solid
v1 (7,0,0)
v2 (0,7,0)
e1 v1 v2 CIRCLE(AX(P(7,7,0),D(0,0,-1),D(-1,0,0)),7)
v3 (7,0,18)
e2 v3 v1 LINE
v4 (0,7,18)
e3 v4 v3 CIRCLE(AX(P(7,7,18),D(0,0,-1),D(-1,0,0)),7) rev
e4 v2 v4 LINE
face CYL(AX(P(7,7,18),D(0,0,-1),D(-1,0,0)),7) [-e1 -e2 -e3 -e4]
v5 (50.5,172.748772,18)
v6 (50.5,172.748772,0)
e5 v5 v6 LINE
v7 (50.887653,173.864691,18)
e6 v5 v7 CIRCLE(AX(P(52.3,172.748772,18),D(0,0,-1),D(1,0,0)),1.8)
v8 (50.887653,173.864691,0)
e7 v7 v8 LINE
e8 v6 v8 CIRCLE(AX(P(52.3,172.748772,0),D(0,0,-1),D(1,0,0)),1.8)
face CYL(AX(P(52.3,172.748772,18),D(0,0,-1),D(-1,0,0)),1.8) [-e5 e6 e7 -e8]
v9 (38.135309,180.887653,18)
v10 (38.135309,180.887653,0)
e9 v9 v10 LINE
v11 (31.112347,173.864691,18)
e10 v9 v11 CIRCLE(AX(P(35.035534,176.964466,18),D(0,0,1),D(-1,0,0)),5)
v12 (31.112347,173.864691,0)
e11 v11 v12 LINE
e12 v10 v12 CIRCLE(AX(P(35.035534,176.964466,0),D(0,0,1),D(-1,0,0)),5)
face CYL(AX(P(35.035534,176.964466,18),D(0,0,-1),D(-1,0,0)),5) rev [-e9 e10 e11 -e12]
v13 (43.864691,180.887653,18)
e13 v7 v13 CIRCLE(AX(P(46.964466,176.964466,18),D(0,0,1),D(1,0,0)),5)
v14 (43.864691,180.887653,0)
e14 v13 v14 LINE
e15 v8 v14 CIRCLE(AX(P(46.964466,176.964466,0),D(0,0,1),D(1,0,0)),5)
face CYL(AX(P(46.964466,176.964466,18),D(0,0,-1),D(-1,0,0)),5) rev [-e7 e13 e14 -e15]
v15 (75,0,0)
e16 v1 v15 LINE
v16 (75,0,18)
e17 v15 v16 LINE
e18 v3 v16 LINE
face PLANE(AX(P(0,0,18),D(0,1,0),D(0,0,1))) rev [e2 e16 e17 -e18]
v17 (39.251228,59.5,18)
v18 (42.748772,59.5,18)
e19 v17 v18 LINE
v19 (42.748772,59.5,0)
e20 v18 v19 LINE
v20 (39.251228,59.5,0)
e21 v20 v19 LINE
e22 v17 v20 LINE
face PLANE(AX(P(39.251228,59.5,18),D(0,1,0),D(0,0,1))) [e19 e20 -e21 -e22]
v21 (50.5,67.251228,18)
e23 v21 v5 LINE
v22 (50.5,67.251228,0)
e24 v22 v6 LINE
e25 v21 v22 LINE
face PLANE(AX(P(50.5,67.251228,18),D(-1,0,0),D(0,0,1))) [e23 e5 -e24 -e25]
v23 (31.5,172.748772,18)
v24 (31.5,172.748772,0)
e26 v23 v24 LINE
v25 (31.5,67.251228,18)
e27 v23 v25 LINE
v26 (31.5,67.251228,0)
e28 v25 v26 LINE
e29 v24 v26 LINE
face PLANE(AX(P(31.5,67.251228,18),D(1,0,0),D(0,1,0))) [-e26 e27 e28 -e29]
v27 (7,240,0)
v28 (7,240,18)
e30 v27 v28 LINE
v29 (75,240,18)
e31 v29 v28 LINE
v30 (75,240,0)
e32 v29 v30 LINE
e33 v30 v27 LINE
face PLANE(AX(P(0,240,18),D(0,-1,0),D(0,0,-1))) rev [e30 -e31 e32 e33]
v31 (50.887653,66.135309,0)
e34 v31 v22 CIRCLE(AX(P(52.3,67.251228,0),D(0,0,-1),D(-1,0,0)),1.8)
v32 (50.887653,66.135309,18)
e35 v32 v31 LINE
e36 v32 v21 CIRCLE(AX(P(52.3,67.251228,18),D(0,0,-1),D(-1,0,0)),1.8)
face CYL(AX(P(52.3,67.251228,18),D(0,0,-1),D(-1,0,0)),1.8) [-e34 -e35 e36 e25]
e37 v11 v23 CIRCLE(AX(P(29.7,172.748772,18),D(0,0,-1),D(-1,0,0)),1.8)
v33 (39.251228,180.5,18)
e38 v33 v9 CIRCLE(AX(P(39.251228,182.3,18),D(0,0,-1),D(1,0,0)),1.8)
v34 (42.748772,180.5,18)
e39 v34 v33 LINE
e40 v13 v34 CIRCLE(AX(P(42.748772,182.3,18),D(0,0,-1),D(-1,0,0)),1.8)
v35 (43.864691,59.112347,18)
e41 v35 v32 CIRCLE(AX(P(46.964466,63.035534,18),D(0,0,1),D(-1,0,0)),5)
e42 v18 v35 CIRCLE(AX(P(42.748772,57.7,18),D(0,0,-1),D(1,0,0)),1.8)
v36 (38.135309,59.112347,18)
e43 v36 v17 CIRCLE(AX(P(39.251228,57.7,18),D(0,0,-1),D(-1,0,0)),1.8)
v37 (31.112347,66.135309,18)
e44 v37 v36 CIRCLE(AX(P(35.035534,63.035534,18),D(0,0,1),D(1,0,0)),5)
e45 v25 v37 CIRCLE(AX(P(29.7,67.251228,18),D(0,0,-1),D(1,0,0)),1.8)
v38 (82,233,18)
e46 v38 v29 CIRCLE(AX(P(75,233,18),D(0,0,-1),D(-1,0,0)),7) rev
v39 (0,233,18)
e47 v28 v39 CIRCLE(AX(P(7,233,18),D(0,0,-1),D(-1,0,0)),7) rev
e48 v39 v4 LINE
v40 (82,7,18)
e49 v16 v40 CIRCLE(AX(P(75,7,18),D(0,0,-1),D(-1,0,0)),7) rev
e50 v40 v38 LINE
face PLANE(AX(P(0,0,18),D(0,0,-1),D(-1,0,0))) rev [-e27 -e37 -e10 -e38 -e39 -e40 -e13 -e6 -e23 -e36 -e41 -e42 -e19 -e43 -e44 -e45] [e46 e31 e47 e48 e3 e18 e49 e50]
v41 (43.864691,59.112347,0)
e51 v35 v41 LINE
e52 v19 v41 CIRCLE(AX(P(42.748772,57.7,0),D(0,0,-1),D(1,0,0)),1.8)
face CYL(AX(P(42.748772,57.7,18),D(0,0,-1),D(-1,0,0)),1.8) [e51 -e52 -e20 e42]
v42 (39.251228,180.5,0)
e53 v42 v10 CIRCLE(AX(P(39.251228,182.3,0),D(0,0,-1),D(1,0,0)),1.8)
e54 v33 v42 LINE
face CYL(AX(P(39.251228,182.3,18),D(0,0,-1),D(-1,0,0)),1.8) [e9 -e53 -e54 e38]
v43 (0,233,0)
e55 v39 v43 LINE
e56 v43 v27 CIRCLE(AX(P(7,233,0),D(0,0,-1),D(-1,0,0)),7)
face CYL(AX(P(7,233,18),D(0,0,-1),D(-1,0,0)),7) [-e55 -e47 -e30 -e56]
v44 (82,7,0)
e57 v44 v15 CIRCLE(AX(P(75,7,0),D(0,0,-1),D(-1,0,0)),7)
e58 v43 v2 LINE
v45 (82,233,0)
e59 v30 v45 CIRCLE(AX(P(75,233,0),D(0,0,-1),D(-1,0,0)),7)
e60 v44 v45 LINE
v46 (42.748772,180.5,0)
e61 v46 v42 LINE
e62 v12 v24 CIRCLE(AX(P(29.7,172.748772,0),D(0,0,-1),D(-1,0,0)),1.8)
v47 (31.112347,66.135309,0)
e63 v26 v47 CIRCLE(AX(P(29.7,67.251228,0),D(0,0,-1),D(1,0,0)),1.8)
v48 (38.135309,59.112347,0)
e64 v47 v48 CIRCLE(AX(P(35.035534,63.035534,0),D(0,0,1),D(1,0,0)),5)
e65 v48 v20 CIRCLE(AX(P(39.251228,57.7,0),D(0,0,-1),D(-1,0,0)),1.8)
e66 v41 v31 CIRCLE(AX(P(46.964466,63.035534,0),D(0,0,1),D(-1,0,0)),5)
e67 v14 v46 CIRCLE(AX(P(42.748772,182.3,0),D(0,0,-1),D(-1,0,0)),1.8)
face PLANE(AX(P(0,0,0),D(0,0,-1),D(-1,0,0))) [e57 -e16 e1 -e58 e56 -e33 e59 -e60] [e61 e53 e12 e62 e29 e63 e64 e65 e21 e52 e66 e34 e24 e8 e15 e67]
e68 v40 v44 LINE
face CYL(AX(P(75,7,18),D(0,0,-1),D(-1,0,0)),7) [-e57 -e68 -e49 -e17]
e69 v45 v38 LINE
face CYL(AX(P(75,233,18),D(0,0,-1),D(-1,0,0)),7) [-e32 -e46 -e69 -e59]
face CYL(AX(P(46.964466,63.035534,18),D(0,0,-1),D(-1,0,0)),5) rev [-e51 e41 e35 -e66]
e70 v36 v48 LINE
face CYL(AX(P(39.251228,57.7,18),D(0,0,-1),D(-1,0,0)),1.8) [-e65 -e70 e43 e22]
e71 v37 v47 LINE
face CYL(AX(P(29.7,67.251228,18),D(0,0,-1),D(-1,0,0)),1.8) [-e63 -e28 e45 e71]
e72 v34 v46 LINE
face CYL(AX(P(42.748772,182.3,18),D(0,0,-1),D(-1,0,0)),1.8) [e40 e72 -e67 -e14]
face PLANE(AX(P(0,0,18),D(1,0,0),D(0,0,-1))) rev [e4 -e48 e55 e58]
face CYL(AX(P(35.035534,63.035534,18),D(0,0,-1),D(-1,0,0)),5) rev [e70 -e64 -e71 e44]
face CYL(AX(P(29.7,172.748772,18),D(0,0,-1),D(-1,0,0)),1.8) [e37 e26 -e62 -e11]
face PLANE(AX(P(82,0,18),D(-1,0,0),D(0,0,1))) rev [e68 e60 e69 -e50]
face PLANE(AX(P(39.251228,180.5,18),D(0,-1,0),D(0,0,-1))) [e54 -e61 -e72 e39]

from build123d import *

# Parameters (mm, degrees)
SKETCH1_W           = 82
SKETCH1_H           = 240
BOSS_EXTRUDE1_DEPTH = 18
CUT_EXTRUDE1_DEPTH  = 19
FILLET1_R           = 7


with BuildPart() as part:
    # Sketch1 → Boss-Extrude1 (new body)
    with BuildSketch(Plane.XY):
        with Locations((41, 120)):
            Rectangle(SKETCH1_W, SKETCH1_H)
    extrude(amount=BOSS_EXTRUDE1_DEPTH)

    # Sketch2 → Cut-Extrude1 (cut, through all)
    with BuildSketch(Plane.XY):
        with BuildLine():
            Line((39.251228148, 59.5), (42.748771852, 59.5))
            ThreePointArc((42.748771852, 59.5), (43.339438857, 59.400327171), (43.864690916, 59.11234721))
            ThreePointArc((43.864690916, 59.11234721), (50.5, 59.5), (50.88765279, 66.135309084))
            ThreePointArc((50.88765279, 66.135309084), (50.599672829, 66.660561143), (50.5, 67.251228148))
            Line((50.5, 67.251228148), (50.5, 172.748771852))
            ThreePointArc((50.5, 172.748771852), (50.599672829, 173.339438857), (50.88765279, 173.864690916))
            ThreePointArc((50.88765279, 173.864690916), (50.5, 180.5), (43.864690916, 180.88765279))
            ThreePointArc((43.864690916, 180.88765279), (43.339438857, 180.599672829), (42.748771852, 180.5))
            Line((42.748771852, 180.5), (39.251228148, 180.5))
            ThreePointArc((39.251228148, 180.5), (38.660561143, 180.599672829), (38.135309084, 180.88765279))
            ThreePointArc((38.135309084, 180.88765279), (31.5, 180.5), (31.11234721, 173.864690916))
            ThreePointArc((31.11234721, 173.864690916), (31.400327171, 173.339438857), (31.5, 172.748771852))
            Line((31.5, 172.748771852), (31.5, 67.251228148))
            ThreePointArc((31.5, 67.251228148), (31.400327171, 66.660561143), (31.11234721, 66.135309084))
            ThreePointArc((31.11234721, 66.135309084), (31.5, 59.5), (38.135309084, 59.11234721))
            ThreePointArc((38.135309084, 59.11234721), (38.660561143, 59.400327171), (39.251228148, 59.5))
        make_face()
    extrude(amount=CUT_EXTRUDE1_DEPTH, mode=Mode.SUBTRACT)

    # Fillet1
    fillet1_edges = [part.edges().sort_by_distance(p)[0] for p in [
        (0, 240, 9),
        (82, 240, 9),
        (82, 0, 9),
        (0, 0, 9),
    ]]
    fillet(fillet1_edges, radius=FILLET1_R)


solid = part.part
